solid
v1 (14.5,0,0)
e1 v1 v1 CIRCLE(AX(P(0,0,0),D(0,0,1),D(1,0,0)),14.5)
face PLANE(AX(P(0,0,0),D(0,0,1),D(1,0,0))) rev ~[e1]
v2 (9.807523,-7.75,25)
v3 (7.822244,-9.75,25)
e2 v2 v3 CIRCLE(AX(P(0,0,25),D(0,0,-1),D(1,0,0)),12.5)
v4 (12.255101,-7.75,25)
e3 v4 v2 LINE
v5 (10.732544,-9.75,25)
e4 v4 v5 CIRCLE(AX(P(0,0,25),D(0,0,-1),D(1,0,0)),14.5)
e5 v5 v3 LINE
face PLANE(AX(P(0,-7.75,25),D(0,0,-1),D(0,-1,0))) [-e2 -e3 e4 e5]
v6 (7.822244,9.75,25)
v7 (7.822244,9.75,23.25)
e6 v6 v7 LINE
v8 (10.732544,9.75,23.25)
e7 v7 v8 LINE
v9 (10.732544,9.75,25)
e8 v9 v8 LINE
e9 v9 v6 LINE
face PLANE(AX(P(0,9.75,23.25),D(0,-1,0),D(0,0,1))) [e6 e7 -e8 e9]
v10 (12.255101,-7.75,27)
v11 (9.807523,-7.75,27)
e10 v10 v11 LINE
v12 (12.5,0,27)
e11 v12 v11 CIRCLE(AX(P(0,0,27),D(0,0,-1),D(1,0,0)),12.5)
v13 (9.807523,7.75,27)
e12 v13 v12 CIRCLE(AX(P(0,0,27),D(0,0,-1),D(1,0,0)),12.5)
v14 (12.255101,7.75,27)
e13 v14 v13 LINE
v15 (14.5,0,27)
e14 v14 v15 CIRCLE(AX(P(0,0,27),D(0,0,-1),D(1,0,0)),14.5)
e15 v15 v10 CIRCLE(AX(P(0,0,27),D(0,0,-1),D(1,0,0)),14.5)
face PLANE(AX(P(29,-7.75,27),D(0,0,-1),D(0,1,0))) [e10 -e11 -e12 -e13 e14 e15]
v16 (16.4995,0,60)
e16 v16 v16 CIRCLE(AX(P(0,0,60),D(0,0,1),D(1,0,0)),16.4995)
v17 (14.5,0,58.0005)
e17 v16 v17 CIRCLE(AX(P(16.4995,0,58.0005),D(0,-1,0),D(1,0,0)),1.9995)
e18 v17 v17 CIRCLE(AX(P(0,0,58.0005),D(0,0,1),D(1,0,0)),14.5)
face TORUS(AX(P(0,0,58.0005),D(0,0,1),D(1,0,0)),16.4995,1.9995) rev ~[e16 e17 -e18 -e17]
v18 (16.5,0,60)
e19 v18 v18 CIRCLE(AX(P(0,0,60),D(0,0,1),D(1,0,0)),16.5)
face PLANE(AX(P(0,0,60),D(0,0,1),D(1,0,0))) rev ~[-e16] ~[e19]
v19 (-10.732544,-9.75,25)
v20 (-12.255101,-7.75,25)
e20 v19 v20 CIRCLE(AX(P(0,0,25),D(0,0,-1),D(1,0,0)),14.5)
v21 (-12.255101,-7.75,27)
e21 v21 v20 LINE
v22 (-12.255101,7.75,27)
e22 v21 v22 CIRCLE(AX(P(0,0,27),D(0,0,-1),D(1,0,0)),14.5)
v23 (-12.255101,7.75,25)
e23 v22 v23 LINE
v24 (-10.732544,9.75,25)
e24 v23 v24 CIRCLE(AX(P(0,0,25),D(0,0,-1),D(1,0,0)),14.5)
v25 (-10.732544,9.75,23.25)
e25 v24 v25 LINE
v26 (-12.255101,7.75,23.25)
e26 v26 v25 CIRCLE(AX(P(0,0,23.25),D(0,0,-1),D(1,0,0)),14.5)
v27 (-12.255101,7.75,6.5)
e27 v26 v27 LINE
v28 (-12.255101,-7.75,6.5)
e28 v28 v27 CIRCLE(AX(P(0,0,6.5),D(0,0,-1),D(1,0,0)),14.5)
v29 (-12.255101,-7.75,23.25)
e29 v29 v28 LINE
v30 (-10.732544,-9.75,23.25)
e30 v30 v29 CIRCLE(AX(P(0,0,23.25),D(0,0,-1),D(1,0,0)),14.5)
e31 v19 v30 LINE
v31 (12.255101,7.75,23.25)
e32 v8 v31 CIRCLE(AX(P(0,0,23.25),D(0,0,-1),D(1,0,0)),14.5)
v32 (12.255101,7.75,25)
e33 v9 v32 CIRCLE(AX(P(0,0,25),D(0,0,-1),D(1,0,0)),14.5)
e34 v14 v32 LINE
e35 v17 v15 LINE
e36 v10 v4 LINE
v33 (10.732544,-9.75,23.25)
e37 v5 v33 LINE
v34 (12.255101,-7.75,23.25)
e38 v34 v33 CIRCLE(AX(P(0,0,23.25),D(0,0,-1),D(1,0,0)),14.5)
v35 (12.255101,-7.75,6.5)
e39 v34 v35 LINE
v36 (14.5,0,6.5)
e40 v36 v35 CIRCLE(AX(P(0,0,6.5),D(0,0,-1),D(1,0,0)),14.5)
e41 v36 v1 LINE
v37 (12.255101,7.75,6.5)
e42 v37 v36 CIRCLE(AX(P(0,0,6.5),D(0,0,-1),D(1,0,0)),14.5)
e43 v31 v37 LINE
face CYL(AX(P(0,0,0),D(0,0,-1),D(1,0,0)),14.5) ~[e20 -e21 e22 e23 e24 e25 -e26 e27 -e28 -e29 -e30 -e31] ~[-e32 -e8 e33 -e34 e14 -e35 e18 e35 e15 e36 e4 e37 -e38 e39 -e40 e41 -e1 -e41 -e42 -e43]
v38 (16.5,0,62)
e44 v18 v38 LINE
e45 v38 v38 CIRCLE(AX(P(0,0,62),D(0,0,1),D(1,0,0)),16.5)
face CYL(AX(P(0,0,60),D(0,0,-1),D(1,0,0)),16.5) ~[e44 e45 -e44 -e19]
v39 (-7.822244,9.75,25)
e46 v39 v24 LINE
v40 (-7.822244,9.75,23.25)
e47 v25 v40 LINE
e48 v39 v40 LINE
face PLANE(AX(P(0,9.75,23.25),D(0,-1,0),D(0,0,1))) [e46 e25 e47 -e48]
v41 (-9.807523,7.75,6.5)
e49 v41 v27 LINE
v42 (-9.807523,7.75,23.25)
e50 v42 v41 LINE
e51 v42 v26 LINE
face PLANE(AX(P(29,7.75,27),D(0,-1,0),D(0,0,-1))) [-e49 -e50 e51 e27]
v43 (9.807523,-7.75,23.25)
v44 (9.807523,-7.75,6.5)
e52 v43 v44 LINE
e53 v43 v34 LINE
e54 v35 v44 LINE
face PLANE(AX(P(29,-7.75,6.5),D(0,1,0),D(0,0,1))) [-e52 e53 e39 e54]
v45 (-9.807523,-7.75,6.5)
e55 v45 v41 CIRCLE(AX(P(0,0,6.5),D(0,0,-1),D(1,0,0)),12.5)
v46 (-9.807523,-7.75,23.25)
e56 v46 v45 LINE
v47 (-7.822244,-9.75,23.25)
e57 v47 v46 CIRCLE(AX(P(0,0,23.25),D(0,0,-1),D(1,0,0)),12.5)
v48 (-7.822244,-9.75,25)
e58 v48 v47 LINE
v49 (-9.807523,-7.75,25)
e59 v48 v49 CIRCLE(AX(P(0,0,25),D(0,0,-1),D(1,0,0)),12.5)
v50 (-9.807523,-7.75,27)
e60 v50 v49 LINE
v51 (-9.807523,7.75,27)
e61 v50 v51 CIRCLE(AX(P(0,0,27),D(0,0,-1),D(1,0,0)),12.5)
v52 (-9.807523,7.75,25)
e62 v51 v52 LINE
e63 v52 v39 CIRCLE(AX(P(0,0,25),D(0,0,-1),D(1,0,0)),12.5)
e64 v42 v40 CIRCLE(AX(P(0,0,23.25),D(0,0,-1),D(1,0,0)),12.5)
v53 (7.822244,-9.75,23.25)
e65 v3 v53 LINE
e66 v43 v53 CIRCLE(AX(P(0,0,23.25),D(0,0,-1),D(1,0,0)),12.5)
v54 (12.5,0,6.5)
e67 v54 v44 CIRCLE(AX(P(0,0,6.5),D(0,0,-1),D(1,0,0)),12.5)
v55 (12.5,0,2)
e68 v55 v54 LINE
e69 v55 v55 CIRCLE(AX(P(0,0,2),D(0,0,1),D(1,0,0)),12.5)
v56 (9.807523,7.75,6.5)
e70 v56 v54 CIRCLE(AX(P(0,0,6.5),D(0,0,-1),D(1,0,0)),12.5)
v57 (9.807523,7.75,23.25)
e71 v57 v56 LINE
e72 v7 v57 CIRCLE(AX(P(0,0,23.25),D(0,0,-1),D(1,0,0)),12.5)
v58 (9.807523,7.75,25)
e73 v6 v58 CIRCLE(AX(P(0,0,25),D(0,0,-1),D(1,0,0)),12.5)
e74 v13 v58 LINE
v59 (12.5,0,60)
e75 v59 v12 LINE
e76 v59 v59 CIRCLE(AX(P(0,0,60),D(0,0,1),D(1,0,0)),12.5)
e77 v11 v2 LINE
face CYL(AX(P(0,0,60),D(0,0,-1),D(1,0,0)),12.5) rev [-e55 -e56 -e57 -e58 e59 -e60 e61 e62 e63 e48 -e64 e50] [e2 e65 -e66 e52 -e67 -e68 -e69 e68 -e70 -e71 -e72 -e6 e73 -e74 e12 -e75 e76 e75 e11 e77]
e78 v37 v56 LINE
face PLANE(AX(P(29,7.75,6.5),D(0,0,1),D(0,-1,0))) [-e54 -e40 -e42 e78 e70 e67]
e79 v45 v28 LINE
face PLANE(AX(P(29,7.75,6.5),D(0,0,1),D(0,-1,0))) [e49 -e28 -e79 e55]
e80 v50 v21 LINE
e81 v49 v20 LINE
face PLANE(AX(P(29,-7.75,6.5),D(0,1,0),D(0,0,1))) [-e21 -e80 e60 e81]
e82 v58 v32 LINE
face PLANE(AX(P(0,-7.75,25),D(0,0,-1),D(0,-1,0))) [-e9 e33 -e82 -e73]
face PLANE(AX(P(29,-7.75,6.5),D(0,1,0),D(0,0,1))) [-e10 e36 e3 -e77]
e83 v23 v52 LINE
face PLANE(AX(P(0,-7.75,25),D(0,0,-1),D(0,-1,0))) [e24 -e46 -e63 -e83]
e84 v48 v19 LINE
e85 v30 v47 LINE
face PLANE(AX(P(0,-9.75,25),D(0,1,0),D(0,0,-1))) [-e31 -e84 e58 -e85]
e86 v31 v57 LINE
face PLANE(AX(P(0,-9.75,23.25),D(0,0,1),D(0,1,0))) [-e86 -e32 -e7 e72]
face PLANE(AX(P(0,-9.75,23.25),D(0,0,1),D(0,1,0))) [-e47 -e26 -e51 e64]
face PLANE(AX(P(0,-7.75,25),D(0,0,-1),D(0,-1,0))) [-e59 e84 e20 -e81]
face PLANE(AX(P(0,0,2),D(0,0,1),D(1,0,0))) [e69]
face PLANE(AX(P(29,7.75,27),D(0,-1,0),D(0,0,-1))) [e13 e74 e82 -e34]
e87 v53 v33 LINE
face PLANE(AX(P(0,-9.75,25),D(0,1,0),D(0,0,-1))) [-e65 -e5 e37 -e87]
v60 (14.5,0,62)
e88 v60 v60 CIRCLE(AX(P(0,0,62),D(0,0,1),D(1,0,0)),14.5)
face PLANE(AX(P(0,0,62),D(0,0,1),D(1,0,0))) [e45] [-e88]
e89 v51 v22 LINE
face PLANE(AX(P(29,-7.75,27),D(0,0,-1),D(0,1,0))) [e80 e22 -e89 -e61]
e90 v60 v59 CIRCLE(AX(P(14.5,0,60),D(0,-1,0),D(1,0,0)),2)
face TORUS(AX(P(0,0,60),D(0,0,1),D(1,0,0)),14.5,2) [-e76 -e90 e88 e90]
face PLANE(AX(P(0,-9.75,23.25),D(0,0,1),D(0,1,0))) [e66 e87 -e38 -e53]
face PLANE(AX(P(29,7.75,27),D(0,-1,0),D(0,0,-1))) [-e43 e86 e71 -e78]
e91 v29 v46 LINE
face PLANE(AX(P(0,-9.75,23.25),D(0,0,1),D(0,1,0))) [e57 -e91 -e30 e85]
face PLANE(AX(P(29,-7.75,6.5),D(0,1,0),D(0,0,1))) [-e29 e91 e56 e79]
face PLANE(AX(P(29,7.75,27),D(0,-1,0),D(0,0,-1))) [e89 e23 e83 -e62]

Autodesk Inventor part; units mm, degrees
ref_plane "XZ Plane" through (0, 0, 0) normal (0, 1, 0) x (-1, 0, 0)
ref_plane "XY Plane" through (0, 0, 0) normal (0, 0, 1) x (1, 0, 0)
sketch "Esboço1" plane through (0, 0, 0) normal (0, 0, 1) x (1, 0, 0)
  circle A0 centre (0, 0) radius 14.5
  dimension "d0" = 29
extrude "Extrusão1" add sketch "Esboço1" along normal blind 2
sketch "Esboço2" plane through (0, 0, 2) normal (0, 0, 1) x (1, 0, 0)
  circle A0 centre (0, 0) radius 14.5 projected
  circle A1 centre (0, 0) radius 12.5
  dimension "d3" = 2
extrude "Extrusão2" add sketch "Esboço2" along normal blind 58
ref_plane "Plano de trabalho4" through (29, 0, 0) normal (1, 0, 0) x (0, 1, 0)
sketch "Esboço5" plane through (29, 0, 0) normal (1, 0, 0) x (0, 1, 0)
  line L0 (-7.75, 27) -> (7.75, 27)
  line L1 (7.75, 27) -> (7.75, 6.5)
  line L2 (7.75, 6.5) -> (-7.75, 6.5)
  line L3 (-7.75, 6.5) -> (-7.75, 27)
  line L4 (-7.75, 27) -> (7.75, 6.5) construction
  line L5 (7.75, 27) -> (-7.75, 6.5) construction
  line L6 (14.5, 0) -> (-14.5, 0) projected
  point P0 (0, 0)
  point P1 (0, 16.75)
  dimension "d15" = 20.5
  dimension "d16" = 15.5
  dimension "d17" = 0
  dimension "d18" = 6.5
extrude "Extrusão4" cut sketch "Esboço5" against normal through all
sketch "Esboço7" plane through (0, 0, 60) normal (0, 0, 1) x (1, 0, 0)
  circle A0 centre (0, 0) radius 16.5
  circle A1 centre (0, 0) radius 12.5 projected
  dimension "d28" = 33
extrude "Extrusão6" add sketch "Esboço7" along normal blind 2
fillet "Arredondamento2" radius 2 1 edges at (-12.5, 0, 62)
fillet "Arredondamento3" radius 2 1 edges at (-14.5, 0, 60)
sketch "Sketch8" plane through (0, 0, 0) normal (1, 0, 0) x (0, 1, 0)
  line L0 (-9.75, 23.25) -> (9.75, 23.25)
  line L1 (9.75, 23.25) -> (9.75, 25)
  line L2 (9.75, 25) -> (-9.75, 25)
  line L3 (-9.75, 25) -> (-9.75, 23.25)
  line L4 (-7.75, 27) -> (7.75, 27) projected
  line L5 (7.75, 27) -> (7.75, 6.5) projected
  line L6 (-7.75, 6.5) -> (-7.75, 27) projected
  point P0 (0, 0)
  dimension "d37" = 2
  dimension "d38" = 1.75
  dimension "d39" = 2
  dimension "d40" = 2
extrude "Extrusion7" cut sketch "Sketch8" along normal mid plane 50 contours L3 L2 L6 L0 | L6 L2 L5 L0 | L5 L2 L1 L0
